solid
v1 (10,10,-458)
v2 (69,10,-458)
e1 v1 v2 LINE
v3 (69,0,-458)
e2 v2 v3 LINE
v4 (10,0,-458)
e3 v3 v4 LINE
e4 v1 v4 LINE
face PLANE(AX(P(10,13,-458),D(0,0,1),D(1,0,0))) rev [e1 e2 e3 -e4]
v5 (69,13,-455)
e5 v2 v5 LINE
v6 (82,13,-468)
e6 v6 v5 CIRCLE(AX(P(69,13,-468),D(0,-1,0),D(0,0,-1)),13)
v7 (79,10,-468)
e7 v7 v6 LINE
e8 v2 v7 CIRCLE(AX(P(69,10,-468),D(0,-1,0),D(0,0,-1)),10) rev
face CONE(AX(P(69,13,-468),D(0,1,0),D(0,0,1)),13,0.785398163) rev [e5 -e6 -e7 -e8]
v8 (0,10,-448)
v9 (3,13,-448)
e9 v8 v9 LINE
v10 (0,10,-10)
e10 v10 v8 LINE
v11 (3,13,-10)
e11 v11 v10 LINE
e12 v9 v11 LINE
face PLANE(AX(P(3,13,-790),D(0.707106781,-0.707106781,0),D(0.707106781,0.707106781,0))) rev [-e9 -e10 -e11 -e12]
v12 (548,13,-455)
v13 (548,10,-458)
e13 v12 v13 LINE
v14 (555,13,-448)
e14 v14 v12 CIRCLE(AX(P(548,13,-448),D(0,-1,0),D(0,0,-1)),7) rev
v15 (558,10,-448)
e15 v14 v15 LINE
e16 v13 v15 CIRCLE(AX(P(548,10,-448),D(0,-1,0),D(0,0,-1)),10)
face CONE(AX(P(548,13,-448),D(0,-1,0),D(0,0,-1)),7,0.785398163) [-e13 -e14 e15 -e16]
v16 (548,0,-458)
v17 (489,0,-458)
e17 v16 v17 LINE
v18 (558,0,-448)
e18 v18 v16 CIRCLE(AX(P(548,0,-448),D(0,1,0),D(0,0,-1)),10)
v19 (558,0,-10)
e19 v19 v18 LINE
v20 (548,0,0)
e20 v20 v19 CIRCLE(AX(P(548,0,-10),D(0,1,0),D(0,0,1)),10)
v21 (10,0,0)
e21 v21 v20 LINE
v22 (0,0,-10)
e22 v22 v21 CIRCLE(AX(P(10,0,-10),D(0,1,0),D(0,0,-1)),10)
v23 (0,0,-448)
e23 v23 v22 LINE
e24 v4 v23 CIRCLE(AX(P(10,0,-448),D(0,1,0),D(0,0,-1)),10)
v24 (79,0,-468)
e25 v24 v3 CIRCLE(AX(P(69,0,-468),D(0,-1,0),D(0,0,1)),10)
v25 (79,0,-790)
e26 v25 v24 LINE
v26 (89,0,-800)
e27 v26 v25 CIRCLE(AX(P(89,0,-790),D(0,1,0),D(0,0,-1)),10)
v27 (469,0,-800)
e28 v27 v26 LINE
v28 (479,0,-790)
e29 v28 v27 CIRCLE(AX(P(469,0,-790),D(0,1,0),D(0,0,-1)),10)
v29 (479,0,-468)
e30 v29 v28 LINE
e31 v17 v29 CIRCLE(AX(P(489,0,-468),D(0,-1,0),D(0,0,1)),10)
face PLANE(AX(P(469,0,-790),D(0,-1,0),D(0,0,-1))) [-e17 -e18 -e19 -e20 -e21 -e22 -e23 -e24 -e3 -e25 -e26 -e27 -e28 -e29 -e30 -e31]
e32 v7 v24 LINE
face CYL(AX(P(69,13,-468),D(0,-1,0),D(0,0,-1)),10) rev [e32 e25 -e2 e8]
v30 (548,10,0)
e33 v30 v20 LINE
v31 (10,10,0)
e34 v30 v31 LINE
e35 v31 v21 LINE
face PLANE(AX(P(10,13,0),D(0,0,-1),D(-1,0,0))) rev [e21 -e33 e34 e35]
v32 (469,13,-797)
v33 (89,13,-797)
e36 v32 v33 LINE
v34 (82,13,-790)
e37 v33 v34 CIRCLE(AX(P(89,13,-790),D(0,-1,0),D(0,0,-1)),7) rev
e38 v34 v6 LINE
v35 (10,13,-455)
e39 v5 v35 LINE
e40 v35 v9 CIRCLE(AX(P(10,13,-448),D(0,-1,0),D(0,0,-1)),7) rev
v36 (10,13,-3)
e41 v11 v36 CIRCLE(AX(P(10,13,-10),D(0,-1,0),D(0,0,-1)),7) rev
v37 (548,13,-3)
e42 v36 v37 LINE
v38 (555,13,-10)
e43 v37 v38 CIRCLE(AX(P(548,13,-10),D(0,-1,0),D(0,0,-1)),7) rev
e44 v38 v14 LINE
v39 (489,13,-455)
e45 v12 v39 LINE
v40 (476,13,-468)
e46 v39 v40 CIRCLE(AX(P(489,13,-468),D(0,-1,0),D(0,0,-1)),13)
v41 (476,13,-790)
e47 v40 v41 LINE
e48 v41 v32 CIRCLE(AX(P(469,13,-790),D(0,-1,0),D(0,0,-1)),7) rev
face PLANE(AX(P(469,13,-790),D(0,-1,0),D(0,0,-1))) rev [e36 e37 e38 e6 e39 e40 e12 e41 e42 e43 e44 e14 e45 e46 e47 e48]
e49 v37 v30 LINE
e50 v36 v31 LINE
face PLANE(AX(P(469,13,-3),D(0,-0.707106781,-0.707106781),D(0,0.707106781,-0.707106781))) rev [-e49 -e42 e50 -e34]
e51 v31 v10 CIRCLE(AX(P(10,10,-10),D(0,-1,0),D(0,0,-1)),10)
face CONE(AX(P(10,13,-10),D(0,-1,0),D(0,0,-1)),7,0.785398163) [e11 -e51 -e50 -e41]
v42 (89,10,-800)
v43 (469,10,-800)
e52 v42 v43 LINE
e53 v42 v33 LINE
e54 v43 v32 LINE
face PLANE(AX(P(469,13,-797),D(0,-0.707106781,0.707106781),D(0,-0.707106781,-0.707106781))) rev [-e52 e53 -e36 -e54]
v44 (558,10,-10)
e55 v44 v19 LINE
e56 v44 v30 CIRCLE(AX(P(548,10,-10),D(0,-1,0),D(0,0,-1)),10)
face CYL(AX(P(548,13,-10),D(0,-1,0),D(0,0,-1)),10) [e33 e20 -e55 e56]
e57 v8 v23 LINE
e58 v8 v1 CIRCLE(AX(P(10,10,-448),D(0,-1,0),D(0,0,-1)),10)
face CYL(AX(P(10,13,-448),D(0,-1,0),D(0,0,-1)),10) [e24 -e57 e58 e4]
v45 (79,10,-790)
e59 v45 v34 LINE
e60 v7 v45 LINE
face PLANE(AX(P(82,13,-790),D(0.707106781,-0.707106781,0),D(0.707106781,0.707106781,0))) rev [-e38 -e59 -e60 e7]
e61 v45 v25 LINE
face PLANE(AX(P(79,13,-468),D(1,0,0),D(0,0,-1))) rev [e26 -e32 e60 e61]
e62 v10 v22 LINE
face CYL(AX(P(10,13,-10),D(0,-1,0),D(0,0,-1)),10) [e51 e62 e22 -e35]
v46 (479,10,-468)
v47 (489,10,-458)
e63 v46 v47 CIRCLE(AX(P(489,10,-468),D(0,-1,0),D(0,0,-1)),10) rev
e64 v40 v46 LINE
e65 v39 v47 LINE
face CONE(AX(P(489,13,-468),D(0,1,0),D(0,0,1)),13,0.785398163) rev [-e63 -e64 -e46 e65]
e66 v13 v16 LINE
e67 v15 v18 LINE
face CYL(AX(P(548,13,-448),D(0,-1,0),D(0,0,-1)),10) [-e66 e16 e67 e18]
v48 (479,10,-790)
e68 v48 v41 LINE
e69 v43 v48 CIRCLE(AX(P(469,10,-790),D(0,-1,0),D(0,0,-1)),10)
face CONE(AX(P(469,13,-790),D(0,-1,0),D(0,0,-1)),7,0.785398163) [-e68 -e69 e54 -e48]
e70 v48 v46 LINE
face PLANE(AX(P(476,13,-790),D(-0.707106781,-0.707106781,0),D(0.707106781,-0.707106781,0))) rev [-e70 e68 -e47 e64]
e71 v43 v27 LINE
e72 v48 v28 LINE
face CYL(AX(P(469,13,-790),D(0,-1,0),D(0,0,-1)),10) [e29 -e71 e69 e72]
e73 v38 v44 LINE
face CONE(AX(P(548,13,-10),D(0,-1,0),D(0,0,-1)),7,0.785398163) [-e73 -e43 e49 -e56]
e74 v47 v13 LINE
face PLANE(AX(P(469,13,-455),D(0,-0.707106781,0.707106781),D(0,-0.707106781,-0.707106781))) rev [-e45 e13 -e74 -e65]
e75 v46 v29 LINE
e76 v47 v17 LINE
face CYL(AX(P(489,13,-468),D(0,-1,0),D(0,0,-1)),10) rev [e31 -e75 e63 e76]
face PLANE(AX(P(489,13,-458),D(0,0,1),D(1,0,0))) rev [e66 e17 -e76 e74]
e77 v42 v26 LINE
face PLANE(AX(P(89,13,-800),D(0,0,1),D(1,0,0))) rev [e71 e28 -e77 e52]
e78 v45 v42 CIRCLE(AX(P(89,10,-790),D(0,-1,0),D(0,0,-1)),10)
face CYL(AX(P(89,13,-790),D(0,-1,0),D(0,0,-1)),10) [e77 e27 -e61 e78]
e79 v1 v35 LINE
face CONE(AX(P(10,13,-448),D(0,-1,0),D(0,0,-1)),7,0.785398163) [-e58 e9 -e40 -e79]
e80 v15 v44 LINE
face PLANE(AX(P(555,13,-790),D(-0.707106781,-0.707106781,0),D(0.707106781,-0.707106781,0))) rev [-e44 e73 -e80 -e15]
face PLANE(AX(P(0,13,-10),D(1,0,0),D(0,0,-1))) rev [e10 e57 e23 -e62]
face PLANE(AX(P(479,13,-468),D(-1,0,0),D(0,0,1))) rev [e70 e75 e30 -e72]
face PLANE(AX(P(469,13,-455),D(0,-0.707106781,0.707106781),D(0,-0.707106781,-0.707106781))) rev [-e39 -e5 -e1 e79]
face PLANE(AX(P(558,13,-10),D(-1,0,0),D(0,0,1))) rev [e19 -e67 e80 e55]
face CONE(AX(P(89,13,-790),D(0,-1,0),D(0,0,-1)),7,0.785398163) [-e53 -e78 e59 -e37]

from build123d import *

# Parameters (mm, degrees)
BOSS_EXTRUDE2_DEPTH = 13
CHAMFER2_SIZE       = 3


with BuildPart() as part:
    # Sketch1 → Boss-Extrude2 (new body)
    with BuildSketch(Plane(origin=(0, 0, 0), x_dir=(1, 0, 0), z_dir=(0, 1, 0))):
        with BuildLine():
            Line((10, 0), (548, 0))
            ThreePointArc((548, 0), (555.071067812, 2.928932188), (558, 10))
            Line((558, 10), (558, 448))
            ThreePointArc((558, 448), (555.071067812, 455.071067812), (548, 458))
            Line((548, 458), (489, 458))
            ThreePointArc((489, 458), (481.928932188, 460.928932188), (479, 468))
            Line((479, 468), (479, 790))
            ThreePointArc((479, 790), (476.071067812, 797.071067812), (469, 800))
            Line((469, 800), (89, 800))
            ThreePointArc((89, 800), (81.928932188, 797.071067812), (79, 790))
            Line((79, 790), (79, 468))
            ThreePointArc((79, 468), (76.071067812, 460.928932188), (69, 458))
            Line((69, 458), (10, 458))
            ThreePointArc((10, 458), (2.928932188, 455.071067812), (0, 448))
            Line((0, 448), (0, 10))
            ThreePointArc((0, 10), (2.928932188, 2.928932188), (10, 0))
        make_face()
    extrude(amount=BOSS_EXTRUDE2_DEPTH)

    # Chamfer2
    chamfer2_edges = [part.edges().sort_by_distance(p)[0] for p in [
        (81.928932188, 13, -797.071067812),
        (79, 13, -629),
        (76.071067812, 13, -460.928932188),
        (39.5, 13, -458),
        (2.928932188, 13, -455.071067812),
        (0, 13, -229),
        (2.928932188, 13, -2.928932188),
        (279, 13, 0),
        (555.071067812, 13, -2.928932188),
        (558, 13, -229),
        (476.071067812, 13, -797.071067812),
        (555.071067812, 13, -455.071067812),
        (518.5, 13, -458),
        (481.928932188, 13, -460.928932188),
        (479, 13, -629),
        (279, 13, -800),
    ]]
    chamfer(chamfer2_edges, length=CHAMFER2_SIZE)


solid = part.part
